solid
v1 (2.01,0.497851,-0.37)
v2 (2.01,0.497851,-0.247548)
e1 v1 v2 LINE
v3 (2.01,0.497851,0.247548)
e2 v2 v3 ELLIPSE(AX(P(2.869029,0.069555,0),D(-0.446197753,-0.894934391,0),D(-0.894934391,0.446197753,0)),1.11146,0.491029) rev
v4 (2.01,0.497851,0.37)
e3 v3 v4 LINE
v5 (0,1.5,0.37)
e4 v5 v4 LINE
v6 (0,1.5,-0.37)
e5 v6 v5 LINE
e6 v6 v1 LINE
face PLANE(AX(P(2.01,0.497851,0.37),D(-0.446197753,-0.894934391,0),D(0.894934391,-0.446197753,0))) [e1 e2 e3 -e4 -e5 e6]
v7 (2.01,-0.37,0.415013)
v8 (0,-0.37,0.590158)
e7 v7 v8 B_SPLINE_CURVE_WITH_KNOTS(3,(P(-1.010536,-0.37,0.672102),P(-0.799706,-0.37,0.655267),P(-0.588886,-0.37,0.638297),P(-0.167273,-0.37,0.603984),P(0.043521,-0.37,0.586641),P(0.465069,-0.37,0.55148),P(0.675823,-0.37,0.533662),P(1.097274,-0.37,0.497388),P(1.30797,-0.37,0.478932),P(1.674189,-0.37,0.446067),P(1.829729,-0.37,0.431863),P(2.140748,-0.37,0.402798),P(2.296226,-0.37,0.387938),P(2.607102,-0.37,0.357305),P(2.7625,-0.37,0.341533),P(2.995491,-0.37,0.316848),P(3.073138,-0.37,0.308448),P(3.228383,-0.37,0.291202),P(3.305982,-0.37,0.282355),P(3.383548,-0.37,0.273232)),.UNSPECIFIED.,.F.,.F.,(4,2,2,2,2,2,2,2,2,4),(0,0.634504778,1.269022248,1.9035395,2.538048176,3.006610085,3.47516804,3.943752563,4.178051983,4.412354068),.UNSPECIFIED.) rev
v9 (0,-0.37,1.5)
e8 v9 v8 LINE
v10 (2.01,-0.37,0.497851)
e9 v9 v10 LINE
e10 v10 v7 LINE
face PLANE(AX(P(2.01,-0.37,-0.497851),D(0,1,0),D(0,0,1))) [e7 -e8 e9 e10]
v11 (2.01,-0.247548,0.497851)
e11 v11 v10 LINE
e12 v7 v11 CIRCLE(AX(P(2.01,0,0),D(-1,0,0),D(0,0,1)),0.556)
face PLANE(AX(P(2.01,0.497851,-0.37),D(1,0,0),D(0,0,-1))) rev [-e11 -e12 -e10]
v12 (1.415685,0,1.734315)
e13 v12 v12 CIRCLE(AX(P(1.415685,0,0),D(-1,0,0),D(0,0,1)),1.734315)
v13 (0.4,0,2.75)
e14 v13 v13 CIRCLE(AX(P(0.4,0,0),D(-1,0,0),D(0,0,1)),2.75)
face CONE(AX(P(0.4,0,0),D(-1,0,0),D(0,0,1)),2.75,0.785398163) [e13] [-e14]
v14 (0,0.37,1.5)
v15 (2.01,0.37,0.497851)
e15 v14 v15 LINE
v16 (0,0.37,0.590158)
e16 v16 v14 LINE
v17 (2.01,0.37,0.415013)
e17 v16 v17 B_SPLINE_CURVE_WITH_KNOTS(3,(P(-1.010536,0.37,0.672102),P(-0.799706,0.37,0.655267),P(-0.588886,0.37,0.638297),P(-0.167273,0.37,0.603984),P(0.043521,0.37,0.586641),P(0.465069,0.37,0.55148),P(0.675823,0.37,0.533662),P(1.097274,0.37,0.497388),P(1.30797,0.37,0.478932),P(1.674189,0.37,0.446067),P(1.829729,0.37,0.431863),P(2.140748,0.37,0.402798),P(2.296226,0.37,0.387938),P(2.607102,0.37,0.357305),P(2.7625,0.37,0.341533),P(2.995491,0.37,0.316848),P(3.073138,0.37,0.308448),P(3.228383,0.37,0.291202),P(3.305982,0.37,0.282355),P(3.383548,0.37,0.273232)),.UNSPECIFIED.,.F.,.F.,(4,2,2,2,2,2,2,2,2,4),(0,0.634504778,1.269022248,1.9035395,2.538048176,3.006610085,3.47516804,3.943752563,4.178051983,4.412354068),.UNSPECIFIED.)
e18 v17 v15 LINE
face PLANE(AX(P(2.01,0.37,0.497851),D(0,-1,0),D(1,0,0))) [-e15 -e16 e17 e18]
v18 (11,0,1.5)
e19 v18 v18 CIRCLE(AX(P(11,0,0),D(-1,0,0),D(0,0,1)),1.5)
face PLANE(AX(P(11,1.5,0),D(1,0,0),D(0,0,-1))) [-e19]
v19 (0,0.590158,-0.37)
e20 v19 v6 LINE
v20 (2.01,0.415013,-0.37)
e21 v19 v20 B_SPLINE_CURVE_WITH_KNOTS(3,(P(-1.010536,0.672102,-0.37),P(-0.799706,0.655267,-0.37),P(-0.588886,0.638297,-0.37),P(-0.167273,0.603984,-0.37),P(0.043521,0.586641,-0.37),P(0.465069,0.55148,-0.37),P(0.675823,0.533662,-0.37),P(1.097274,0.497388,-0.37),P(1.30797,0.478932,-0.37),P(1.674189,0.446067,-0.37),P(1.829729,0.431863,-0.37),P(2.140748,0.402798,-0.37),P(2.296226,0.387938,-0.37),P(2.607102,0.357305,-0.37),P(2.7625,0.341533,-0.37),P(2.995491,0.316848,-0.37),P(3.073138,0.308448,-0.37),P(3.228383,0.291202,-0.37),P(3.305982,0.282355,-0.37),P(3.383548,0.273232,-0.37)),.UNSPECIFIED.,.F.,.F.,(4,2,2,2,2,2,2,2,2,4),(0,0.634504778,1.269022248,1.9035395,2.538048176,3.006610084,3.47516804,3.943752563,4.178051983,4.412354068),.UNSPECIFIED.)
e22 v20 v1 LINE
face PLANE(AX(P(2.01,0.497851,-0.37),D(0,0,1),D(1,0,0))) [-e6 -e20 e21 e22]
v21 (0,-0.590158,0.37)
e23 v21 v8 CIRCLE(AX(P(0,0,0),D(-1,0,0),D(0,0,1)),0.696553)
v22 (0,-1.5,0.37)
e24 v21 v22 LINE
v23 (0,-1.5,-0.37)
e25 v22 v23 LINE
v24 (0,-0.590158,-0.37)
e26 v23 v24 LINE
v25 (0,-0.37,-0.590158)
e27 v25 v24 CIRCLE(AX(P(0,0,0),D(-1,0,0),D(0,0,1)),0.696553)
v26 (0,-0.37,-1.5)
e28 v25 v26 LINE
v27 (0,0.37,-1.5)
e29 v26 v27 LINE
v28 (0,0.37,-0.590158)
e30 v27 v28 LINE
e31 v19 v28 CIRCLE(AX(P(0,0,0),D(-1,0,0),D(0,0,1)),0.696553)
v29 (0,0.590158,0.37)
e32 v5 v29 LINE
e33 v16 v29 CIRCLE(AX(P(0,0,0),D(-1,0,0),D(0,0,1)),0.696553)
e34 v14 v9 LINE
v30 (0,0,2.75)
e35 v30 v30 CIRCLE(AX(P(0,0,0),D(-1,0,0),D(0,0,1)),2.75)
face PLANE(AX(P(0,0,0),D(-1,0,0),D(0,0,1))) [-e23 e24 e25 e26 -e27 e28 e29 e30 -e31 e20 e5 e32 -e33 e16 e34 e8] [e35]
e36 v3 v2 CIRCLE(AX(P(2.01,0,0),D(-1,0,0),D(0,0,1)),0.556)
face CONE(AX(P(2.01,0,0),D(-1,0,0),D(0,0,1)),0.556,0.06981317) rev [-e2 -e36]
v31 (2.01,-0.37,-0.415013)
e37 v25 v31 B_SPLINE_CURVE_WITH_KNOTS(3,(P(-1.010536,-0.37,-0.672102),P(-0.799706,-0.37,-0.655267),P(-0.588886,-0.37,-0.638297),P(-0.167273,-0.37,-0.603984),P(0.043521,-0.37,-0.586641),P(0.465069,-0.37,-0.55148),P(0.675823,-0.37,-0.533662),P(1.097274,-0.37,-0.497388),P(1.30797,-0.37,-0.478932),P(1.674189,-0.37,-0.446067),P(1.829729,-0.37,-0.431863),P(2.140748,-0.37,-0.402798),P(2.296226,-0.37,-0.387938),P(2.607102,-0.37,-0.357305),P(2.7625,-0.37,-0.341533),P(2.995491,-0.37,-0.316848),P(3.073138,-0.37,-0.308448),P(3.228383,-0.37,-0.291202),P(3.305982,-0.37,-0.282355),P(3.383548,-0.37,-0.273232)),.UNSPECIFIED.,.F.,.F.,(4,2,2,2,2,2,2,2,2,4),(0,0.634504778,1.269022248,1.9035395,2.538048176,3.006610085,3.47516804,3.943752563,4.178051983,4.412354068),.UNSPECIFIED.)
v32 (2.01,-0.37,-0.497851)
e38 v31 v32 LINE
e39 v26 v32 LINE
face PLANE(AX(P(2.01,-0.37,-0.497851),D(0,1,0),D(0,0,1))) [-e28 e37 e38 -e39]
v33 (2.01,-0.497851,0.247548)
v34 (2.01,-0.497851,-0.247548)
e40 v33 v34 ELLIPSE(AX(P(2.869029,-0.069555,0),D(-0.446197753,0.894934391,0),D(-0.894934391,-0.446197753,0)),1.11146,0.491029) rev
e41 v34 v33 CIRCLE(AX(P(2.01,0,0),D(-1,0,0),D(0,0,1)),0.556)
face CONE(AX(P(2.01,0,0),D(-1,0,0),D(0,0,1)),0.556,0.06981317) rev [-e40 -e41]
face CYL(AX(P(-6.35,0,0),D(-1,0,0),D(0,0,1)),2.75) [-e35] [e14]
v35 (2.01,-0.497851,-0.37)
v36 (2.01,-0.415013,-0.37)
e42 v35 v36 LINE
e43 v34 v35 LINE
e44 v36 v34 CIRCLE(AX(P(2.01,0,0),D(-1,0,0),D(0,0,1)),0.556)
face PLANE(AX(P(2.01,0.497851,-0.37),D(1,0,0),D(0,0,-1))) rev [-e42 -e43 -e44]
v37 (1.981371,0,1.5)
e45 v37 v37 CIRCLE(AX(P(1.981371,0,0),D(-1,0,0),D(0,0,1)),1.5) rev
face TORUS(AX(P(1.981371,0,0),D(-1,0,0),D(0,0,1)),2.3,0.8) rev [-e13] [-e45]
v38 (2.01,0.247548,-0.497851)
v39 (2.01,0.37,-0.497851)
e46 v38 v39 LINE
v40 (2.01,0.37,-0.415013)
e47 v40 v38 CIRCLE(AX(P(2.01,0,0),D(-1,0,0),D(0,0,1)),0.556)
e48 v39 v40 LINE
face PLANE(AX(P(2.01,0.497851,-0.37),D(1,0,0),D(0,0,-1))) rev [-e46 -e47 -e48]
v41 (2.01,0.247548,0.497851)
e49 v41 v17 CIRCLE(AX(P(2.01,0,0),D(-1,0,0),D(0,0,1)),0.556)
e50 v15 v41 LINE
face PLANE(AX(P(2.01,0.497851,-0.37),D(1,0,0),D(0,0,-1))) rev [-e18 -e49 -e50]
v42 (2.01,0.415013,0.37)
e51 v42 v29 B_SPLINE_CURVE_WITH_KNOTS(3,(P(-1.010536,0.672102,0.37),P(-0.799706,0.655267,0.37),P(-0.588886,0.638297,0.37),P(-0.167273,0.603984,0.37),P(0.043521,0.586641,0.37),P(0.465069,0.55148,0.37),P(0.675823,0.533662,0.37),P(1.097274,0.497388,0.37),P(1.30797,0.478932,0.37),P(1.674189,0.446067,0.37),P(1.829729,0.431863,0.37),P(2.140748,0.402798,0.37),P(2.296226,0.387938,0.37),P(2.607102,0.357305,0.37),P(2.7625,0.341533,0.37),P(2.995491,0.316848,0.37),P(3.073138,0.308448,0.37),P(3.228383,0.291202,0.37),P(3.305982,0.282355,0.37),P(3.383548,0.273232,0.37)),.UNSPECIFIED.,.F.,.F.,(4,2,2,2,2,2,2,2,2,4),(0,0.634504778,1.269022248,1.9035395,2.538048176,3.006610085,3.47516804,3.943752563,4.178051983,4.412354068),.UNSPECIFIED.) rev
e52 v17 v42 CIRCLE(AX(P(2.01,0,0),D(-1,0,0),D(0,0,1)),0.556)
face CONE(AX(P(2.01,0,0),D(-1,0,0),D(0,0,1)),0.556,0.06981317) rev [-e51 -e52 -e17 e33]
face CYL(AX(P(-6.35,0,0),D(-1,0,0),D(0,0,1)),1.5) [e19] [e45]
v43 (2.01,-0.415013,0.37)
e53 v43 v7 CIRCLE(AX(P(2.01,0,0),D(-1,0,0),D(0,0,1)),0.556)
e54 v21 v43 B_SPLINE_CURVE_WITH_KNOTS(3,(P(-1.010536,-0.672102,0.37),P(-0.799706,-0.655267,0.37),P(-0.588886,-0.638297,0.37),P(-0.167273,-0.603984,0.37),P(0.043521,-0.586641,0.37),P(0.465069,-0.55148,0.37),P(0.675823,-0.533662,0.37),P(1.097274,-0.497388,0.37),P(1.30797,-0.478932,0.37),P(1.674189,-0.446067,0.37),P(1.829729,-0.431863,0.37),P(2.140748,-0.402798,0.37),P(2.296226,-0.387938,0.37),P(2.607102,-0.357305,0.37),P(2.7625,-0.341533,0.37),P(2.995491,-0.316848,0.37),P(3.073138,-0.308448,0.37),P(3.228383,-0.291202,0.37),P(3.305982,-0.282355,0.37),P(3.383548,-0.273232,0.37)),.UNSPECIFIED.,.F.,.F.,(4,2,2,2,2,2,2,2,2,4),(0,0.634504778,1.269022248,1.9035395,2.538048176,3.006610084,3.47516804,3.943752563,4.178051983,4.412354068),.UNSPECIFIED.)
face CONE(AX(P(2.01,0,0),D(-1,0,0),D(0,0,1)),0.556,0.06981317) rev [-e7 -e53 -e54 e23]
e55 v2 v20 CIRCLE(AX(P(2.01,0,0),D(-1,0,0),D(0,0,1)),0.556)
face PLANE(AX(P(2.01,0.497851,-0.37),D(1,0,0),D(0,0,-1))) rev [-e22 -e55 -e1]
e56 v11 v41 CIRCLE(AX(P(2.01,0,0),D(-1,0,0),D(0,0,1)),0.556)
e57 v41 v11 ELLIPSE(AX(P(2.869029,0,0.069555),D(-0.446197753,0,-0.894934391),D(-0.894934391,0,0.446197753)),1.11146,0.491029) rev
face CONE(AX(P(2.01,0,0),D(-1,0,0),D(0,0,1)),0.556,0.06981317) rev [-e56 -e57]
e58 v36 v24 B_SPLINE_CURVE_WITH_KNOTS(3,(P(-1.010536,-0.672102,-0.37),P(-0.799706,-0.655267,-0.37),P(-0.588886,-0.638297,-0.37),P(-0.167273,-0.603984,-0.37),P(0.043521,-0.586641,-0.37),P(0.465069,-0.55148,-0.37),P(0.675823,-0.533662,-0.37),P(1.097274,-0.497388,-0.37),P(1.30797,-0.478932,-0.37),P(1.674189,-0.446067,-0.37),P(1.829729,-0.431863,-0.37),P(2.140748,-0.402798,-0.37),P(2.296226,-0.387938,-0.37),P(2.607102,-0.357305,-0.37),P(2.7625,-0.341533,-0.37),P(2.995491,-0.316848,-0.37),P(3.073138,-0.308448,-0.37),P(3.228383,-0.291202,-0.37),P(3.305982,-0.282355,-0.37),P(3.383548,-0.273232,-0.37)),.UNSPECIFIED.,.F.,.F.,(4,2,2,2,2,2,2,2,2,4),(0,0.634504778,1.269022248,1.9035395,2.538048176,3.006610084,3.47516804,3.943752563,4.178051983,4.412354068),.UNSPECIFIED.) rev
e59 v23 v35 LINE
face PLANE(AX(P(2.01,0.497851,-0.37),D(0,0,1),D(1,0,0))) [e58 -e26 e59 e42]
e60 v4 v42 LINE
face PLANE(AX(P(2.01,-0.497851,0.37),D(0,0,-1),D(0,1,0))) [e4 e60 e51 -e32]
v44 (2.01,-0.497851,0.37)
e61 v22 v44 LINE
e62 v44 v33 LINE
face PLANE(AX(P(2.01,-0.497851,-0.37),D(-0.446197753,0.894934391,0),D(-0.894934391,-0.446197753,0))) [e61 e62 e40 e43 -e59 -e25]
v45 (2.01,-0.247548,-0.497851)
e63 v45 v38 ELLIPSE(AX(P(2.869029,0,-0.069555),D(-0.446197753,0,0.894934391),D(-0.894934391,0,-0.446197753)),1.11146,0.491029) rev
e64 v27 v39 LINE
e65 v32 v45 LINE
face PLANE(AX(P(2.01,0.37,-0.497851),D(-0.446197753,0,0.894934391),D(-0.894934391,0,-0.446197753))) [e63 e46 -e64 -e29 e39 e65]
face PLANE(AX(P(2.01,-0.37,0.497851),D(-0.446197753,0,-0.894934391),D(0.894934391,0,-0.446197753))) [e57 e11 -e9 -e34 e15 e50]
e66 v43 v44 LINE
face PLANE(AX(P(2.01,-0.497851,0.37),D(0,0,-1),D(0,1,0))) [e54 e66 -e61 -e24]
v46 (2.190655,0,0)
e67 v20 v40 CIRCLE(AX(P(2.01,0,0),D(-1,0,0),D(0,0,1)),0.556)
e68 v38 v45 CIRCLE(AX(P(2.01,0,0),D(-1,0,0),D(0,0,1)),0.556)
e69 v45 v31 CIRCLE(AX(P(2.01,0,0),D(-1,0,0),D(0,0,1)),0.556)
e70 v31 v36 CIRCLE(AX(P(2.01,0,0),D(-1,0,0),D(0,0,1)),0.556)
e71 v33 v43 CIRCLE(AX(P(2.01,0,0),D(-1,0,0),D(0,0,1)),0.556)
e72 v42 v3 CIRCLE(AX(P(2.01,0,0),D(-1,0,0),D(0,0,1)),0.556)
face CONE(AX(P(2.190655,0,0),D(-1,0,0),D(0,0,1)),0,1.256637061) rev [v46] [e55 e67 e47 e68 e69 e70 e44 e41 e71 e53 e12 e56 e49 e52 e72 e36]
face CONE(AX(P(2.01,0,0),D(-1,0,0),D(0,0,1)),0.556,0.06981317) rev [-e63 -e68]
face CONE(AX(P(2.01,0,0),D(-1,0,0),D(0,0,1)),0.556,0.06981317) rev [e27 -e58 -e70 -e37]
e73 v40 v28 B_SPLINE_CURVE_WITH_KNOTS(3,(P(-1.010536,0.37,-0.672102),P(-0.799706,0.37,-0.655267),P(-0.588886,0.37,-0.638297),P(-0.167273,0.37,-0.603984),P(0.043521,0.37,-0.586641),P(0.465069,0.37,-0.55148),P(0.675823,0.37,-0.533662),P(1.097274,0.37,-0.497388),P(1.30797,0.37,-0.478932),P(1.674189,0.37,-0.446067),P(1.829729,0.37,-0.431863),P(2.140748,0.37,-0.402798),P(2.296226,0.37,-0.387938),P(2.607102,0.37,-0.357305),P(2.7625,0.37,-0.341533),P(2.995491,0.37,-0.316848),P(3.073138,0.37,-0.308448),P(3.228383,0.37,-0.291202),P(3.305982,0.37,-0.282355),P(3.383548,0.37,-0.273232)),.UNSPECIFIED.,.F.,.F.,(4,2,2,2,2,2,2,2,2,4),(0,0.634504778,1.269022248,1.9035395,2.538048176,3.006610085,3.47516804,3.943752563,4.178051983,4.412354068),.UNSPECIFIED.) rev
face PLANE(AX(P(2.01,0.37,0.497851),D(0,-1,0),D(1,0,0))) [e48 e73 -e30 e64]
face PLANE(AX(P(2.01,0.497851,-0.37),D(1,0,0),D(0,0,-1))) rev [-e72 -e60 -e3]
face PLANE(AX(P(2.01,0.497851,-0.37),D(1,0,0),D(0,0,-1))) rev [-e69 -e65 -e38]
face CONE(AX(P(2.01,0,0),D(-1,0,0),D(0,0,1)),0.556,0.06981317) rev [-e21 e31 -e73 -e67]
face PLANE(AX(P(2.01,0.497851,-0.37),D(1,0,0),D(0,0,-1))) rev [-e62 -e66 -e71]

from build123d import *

# Parameters (mm, degrees)
FILLET1_R    = 0.8
SKETCH3_W    = 0.74
SKETCH3_H    = 3
SKETCH4_W    = 0.74
SKETCH4_H    = 0.99570227
RECPAT_COUNT = 2
RECPAT_ANGLE = 90


with BuildPart() as part:
    # BodySke → Base-Revolve (revolve)
    with BuildSketch(Plane.XY):
        Polygon((0, 0), (0, 2.75), (0.4, 2.75), (1.65, 1.5), (11, 1.5), (11, 0), align=None)
    revolve(axis=Axis((-6.35, 0, 0), (1, 0, 0)))

    # Fillet1
    fillet1_edges = [part.edges().sort_by_distance(p)[0] for p in [
        (1.65, -1.5, 0),
    ]]
    fillet(fillet1_edges, radius=FILLET1_R)

    # Sketch3 → Recess section 0
    with BuildSketch(Plane.ZY):
        Rectangle(SKETCH3_W, SKETCH3_H)
    # Sketch4 → Recess section 1
    with BuildSketch(Plane.ZY.offset(-2.01)):
        Rectangle(SKETCH4_W, SKETCH4_H)
    recess = loft(mode=Mode.SUBTRACT)

    # RecPat: Recess ×2 about axis
    recpat_axis = Axis((0, 0, 0), (1, 0, 0))
    for i in range(1, RECPAT_COUNT):
        add(recess.rotate(recpat_axis, i * RECPAT_ANGLE / (RECPAT_COUNT - 1)), mode=Mode.SUBTRACT)

    # RecCorSke → RecessCore (revolve, cut)
    with BuildSketch(Plane.XY):
        Polygon((0, 0), (0, 0.696552892), (2.01, 0.556), (2.190655351, 0), align=None)
    revolve(axis=Axis((-3.175, 0, 0), (1, 0, 0)), mode=Mode.SUBTRACT)


solid = part.part
